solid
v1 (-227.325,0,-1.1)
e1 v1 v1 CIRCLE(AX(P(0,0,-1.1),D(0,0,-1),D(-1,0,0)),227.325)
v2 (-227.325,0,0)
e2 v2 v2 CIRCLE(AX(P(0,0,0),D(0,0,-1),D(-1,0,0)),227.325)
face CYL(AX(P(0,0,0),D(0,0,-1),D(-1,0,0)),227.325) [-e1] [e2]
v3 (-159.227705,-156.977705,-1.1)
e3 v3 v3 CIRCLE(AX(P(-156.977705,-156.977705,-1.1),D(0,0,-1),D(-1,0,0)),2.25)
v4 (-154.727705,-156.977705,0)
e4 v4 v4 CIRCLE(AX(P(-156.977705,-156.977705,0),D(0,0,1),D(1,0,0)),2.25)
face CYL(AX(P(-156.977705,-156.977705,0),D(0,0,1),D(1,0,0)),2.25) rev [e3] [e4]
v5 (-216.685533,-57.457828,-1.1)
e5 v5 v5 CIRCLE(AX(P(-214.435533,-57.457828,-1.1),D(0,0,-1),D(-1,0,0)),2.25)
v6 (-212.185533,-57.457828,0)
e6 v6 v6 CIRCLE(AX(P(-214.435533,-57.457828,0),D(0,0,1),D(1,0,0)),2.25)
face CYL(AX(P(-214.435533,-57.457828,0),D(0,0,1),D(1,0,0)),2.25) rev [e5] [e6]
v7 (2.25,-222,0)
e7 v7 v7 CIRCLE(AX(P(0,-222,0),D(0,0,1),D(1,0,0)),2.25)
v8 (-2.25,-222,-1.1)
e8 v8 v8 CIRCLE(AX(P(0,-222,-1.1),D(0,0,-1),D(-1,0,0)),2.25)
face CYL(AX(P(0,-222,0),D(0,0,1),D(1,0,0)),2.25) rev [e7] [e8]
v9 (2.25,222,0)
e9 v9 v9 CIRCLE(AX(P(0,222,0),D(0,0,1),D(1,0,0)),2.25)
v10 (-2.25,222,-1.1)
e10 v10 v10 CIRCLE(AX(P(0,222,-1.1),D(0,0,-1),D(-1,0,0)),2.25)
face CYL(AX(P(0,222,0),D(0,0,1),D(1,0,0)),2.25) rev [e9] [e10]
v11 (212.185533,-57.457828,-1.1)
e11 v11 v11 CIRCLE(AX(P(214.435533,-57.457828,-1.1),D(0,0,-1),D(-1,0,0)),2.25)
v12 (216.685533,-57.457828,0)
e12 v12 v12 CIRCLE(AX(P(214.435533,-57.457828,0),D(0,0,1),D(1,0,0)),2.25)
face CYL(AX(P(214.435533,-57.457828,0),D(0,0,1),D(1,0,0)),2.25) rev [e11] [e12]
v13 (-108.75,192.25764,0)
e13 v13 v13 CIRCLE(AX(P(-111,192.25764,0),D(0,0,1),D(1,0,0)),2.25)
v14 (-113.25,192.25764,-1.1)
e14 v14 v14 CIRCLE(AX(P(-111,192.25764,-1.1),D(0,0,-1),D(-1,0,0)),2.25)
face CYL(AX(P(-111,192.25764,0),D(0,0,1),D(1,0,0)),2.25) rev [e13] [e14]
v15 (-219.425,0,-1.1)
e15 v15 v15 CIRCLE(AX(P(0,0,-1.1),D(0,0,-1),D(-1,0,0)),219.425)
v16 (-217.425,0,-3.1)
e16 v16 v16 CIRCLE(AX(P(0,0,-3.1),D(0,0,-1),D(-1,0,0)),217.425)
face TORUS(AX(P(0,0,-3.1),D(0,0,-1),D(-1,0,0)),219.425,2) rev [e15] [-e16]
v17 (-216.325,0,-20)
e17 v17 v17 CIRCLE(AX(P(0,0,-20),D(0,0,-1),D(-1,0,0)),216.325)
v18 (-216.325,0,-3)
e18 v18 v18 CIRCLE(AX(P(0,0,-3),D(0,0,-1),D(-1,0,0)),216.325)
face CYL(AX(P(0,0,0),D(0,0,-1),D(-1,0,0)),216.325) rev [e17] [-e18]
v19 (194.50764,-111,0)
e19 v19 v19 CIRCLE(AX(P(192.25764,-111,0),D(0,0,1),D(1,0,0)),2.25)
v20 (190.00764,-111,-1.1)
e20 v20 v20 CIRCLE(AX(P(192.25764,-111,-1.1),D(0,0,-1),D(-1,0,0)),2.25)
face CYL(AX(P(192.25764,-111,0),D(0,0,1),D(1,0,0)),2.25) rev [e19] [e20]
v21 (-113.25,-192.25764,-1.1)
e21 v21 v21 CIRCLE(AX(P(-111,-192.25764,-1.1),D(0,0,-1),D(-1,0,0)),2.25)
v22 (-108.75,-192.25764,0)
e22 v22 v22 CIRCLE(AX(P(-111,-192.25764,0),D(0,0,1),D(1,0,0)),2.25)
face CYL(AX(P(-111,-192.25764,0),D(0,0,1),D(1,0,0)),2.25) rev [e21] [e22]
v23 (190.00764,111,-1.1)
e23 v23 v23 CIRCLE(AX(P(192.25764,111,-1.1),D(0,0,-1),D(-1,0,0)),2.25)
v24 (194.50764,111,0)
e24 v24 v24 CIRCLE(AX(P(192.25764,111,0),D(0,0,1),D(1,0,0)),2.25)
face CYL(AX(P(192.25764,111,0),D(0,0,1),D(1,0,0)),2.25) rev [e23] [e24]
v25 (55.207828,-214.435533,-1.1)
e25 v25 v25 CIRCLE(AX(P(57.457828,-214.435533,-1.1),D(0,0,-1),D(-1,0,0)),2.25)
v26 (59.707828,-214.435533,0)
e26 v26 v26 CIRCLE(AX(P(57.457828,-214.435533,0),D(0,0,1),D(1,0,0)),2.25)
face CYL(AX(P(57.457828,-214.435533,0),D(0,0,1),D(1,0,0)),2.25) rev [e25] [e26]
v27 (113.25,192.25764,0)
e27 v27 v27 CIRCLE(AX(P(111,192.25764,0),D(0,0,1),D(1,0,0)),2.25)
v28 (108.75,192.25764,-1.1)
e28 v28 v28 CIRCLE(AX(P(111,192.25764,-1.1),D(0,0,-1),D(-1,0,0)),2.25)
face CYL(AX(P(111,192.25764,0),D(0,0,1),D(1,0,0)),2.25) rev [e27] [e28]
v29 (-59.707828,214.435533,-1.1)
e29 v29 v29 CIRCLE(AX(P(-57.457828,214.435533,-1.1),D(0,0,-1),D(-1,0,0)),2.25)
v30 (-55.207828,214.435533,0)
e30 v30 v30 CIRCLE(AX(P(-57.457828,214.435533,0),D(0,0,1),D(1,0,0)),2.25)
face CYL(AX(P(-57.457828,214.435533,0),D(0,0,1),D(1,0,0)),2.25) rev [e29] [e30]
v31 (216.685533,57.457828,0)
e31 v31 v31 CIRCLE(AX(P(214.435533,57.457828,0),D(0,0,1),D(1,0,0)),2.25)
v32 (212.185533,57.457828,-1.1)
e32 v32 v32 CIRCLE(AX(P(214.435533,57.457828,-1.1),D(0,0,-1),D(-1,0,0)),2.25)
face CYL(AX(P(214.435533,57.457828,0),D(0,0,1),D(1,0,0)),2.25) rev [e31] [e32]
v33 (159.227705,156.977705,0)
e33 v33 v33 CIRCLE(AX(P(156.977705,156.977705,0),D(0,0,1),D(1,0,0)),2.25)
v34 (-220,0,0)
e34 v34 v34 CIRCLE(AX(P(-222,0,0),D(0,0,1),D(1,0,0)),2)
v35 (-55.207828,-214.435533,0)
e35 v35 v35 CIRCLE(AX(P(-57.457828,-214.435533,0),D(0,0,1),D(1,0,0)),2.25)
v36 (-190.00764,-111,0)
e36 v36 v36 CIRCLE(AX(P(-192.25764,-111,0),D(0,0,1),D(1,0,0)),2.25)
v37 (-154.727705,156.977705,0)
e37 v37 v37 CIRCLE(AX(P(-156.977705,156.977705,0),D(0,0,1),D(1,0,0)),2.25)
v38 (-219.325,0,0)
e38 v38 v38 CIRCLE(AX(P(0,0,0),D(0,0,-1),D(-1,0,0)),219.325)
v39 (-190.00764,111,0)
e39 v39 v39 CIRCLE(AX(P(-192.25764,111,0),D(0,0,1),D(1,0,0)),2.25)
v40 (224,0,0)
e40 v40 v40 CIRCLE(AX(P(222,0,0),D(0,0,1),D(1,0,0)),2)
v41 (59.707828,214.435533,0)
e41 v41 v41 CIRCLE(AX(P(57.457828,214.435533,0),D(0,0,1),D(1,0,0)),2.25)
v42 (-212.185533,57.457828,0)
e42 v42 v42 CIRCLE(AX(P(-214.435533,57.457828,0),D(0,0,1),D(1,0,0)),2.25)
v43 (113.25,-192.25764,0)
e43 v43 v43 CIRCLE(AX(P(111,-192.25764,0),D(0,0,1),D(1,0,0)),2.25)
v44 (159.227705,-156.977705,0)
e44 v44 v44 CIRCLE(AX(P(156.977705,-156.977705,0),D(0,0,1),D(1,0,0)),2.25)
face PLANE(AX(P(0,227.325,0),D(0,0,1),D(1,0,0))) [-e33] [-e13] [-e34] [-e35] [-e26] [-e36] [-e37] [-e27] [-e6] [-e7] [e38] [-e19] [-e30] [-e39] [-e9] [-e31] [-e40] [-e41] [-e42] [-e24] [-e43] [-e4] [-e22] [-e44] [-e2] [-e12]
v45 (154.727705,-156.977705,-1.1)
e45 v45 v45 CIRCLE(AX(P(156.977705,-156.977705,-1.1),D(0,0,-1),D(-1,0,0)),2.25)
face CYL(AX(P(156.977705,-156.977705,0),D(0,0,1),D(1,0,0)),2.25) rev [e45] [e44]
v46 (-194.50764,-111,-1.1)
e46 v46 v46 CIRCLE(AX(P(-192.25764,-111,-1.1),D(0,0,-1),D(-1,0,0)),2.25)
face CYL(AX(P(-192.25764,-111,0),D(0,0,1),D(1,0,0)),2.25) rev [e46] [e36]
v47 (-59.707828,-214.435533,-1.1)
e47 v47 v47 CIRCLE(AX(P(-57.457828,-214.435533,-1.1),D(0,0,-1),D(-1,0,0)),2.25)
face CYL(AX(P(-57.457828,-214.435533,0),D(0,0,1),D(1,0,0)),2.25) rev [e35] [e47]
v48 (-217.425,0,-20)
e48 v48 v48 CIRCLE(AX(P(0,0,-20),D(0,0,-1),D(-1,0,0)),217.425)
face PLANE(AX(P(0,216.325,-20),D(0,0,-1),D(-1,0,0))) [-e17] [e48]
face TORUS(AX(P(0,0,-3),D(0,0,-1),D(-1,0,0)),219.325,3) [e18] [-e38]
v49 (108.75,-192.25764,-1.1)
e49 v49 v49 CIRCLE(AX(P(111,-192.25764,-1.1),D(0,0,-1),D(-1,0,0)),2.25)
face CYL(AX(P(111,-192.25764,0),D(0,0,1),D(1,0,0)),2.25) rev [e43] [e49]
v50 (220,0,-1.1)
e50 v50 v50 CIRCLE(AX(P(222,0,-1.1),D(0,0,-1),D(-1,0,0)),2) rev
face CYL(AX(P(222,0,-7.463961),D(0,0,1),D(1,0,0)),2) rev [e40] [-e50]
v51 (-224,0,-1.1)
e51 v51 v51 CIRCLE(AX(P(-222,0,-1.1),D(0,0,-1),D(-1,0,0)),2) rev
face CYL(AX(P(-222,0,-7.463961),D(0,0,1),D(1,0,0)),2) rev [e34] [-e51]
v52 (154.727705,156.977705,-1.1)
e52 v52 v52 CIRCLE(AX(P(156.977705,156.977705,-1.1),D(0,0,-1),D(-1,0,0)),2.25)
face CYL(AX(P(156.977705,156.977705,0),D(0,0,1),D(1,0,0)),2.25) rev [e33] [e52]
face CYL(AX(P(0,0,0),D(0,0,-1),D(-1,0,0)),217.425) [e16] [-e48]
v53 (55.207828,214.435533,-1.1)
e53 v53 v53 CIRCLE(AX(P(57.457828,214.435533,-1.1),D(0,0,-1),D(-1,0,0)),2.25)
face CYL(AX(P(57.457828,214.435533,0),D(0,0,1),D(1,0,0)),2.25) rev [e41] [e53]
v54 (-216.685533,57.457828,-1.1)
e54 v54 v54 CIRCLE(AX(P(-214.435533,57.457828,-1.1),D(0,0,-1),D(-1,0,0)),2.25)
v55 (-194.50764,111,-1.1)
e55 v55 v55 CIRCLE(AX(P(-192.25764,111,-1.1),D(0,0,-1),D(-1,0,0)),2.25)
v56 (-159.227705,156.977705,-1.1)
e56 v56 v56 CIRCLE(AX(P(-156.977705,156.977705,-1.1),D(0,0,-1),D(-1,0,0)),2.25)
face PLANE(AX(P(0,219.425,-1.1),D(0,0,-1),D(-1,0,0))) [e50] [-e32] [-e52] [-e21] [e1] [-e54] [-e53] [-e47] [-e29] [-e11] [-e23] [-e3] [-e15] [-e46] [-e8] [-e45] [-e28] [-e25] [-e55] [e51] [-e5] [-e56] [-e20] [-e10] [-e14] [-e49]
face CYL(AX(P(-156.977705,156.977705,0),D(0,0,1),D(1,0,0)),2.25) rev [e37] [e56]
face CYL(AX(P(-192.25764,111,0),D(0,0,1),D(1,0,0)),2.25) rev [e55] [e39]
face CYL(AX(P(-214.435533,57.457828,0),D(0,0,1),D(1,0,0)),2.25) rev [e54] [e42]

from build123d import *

# Parameters (mm, degrees)
M4_CLEARANCE_HOLE1_D = 4.5
CIRPATTERN1_COUNT    = 24
SKETCH6_R            = 2.25
SKETCH6_R_2          = 2
BOSS_EXTRUDE1_DEPTH  = 1.1


with BuildPart() as part:
    # Sweep1: sweep along a path in Sketch1
    with BuildLine(Plane.XY) as sweep1_path:
        CenterArc((0, 0), 216.325, 0, 360)
    # Sketch2 → Sweep1 (sweep)
    with BuildSketch(Plane(origin=(0, 0, 0), x_dir=(0, 0, -1), z_dir=(1, 0, 0))):
        with BuildLine():
            Line((0, 227.325), (0, 219.325))
            ThreePointArc((0, 219.325), (0.878679656, 217.203679656), (3, 216.325))
            Line((3, 216.325), (20, 216.325))
            Line((20, 216.325), (20, 217.425))
            Line((20, 217.425), (3.1, 217.425))
            ThreePointArc((3.1, 217.425), (1.685786438, 218.010786438), (1.1, 219.425))
            Line((1.1, 219.425), (1.1, 227.325))
            Line((1.1, 227.325), (0, 227.325))
        make_face()
    sweep(path=sweep1_path.line)

    # M4 Clearance Hole1 (through all)
    with Locations(Plane.XY):
        with Locations((0, 222)):
            m4_clearance_hole1 = Hole(M4_CLEARANCE_HOLE1_D / 2)

    # CirPattern1: M4 Clearance Hole1 ×24 about axis
    cirpattern1_axis = Axis((0, 0, 0), (0, 0, 1))
    for i in range(1, CIRPATTERN1_COUNT):
        add(m4_clearance_hole1.rotate(cirpattern1_axis, i * 360 / CIRPATTERN1_COUNT), mode=Mode.SUBTRACT)

    # Sketch6 → Boss-Extrude1 (add)
    with BuildSketch(Plane.XY):
        with Locations((-222, 0)):
            Circle(SKETCH6_R)
        with Locations((-222, 0)):
            Circle(SKETCH6_R_2, mode=Mode.SUBTRACT)
        with Locations((222, 0)):
            Circle(SKETCH6_R)
        with Locations((222, 0)):
            Circle(SKETCH6_R_2, mode=Mode.SUBTRACT)
    extrude(amount=-BOSS_EXTRUDE1_DEPTH)


solid = part.part
